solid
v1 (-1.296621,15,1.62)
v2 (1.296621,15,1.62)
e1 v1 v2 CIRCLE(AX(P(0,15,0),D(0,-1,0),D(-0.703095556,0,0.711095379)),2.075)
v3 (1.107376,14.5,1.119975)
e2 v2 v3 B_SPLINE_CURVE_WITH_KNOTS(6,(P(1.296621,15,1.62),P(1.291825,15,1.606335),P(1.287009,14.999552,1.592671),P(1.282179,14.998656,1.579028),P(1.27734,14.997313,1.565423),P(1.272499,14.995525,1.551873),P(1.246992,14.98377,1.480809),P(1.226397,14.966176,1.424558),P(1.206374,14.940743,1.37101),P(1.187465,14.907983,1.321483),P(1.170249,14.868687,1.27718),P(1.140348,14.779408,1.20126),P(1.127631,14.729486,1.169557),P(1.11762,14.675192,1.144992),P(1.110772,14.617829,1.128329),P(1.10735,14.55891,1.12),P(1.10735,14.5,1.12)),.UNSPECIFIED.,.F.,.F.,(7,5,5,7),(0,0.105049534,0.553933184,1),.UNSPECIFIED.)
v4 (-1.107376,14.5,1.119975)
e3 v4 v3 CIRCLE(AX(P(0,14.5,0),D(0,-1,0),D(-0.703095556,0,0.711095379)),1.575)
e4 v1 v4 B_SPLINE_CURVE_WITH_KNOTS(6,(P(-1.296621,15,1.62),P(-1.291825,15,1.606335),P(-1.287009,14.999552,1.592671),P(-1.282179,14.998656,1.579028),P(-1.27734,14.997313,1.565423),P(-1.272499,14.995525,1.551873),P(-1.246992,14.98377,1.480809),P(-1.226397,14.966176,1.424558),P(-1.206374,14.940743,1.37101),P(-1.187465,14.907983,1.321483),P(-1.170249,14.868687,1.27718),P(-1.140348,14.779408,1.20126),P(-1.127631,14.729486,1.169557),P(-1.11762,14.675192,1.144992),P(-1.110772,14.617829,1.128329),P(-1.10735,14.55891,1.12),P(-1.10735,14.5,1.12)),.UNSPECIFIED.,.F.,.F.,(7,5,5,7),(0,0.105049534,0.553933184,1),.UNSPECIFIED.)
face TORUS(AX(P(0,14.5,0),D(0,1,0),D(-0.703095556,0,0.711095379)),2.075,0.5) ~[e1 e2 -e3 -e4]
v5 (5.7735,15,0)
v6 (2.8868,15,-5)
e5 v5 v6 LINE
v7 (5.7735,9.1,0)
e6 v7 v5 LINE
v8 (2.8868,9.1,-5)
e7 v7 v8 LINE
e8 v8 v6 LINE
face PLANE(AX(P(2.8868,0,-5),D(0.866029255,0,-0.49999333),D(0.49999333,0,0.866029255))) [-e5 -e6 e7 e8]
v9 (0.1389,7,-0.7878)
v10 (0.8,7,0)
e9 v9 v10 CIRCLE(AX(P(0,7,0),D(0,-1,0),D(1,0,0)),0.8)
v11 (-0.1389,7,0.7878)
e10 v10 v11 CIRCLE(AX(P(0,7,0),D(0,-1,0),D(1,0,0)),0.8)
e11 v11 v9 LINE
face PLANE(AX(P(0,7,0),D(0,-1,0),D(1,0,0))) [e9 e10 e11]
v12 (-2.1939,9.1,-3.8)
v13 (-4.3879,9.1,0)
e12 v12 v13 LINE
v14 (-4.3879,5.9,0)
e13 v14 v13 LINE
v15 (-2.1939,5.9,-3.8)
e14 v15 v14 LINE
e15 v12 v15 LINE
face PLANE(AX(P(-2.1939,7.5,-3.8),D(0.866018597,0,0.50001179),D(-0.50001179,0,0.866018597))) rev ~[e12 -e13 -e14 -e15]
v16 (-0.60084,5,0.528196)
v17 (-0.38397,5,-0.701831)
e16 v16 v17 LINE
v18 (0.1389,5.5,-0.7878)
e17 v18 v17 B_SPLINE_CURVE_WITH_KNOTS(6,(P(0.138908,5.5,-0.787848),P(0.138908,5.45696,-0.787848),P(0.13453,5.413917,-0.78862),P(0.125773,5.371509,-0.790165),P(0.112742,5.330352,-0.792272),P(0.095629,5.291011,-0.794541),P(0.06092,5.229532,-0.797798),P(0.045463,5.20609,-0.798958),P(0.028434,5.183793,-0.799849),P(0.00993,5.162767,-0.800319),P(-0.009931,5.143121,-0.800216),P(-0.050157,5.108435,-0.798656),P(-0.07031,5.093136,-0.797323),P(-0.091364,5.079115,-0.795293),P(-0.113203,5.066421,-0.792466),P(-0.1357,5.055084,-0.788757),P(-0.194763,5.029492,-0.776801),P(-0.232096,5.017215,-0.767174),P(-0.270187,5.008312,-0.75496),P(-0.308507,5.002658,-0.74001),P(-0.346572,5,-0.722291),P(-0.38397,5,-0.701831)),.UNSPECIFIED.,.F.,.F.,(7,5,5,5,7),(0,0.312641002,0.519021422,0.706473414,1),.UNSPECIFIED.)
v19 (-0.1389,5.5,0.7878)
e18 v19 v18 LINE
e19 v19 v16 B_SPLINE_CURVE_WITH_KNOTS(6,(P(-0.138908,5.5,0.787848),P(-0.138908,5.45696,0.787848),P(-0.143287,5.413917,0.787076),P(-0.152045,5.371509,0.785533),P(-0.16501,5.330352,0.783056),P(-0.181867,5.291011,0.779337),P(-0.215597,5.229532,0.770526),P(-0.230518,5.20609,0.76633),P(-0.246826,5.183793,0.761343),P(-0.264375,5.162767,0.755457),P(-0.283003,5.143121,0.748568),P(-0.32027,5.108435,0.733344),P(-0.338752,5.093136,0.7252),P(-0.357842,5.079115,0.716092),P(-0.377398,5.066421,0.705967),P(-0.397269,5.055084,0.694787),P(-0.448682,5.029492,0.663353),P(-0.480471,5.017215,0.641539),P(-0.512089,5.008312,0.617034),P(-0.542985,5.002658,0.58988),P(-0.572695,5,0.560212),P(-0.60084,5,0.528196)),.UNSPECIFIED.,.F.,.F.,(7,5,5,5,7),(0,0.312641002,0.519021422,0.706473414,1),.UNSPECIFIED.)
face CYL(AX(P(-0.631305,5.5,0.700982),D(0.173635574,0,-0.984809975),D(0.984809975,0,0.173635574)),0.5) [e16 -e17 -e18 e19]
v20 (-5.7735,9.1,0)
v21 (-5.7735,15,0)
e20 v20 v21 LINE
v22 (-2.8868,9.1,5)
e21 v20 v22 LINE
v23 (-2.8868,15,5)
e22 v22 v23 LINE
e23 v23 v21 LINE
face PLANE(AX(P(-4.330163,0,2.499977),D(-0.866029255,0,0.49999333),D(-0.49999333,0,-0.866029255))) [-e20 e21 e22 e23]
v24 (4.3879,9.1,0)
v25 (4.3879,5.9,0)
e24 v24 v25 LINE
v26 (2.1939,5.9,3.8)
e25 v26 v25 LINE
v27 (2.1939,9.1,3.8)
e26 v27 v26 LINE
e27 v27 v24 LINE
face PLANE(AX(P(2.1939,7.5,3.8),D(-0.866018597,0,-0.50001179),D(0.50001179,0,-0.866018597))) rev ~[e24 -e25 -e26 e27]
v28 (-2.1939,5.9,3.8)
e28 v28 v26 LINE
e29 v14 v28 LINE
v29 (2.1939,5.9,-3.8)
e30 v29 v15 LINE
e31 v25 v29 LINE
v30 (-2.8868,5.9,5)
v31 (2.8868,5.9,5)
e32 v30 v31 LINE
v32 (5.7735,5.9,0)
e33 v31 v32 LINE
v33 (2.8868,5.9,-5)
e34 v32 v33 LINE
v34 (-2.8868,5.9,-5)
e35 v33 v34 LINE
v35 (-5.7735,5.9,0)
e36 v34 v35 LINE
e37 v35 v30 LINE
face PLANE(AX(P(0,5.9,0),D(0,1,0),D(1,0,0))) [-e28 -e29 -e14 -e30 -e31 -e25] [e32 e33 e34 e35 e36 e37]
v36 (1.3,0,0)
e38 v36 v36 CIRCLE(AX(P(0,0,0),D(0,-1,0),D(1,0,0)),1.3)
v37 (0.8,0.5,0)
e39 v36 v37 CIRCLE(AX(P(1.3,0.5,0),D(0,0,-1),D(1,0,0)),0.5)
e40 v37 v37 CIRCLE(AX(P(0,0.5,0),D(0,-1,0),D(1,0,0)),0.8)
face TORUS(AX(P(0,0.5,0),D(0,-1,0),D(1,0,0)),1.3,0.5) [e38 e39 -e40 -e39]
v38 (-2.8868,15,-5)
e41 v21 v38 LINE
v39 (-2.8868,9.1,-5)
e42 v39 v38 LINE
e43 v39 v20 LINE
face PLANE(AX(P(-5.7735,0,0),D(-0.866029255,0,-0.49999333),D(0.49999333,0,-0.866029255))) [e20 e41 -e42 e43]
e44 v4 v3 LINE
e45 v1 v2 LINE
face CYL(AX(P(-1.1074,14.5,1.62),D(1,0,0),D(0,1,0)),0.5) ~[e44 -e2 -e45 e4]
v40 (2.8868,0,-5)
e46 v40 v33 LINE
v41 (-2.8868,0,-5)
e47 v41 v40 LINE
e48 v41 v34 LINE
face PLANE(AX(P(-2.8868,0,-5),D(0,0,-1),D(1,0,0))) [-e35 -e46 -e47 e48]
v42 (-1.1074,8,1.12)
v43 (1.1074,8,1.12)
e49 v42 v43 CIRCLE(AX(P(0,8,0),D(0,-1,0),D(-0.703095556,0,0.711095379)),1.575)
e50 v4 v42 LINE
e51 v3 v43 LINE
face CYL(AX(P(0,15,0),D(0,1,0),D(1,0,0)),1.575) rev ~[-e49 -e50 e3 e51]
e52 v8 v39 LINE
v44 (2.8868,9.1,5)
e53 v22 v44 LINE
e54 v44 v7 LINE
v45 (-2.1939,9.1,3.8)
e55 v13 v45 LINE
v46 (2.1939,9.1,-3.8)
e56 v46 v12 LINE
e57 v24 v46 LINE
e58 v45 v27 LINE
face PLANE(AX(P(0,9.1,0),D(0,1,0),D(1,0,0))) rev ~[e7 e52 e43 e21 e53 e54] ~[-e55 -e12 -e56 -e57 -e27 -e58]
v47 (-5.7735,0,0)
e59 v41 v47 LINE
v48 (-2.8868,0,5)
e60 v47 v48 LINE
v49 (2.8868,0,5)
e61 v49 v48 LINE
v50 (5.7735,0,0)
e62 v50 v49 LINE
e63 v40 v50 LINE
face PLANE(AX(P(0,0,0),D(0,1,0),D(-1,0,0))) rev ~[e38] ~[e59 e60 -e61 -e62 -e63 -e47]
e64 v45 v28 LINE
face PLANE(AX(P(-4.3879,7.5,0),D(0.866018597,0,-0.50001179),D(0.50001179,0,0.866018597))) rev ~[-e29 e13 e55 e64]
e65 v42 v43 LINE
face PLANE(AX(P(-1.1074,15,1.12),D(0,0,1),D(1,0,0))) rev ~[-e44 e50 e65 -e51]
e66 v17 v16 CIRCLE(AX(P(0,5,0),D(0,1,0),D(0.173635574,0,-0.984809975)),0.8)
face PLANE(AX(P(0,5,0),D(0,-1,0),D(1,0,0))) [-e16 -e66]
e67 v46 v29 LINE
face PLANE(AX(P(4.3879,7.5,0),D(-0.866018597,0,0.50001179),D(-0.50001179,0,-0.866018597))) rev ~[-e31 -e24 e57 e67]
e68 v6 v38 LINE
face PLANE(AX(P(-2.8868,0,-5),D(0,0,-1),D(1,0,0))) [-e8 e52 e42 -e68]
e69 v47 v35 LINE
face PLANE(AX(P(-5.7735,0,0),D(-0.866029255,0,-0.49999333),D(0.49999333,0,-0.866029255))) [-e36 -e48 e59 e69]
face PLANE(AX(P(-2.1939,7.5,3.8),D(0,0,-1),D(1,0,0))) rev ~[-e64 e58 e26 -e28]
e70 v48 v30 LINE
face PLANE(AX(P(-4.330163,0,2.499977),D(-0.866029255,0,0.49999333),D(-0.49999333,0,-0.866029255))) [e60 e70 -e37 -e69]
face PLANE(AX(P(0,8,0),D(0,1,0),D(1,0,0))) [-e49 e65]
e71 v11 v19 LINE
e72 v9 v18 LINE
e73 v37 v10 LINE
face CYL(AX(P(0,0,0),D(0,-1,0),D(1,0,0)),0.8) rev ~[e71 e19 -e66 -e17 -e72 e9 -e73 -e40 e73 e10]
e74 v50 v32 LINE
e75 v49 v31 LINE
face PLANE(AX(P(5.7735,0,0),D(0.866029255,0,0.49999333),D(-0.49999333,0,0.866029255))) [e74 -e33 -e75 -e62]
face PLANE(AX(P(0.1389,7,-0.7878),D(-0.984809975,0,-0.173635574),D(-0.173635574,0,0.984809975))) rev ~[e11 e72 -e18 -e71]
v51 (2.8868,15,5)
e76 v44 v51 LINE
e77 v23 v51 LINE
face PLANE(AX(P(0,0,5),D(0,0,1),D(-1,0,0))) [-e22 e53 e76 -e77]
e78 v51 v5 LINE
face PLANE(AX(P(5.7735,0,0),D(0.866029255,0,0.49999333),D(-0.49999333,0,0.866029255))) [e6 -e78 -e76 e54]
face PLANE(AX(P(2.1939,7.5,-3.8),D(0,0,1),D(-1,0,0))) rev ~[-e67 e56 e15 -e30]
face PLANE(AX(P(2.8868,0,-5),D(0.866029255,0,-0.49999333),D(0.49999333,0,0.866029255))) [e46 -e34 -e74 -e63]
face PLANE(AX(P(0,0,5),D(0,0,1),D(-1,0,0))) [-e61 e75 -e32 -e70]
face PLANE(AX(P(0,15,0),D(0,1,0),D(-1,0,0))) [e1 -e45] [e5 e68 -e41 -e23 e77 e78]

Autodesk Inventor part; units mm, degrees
ref_plane "YZ Plane" through (0, 0, 0) normal (1, 0, 0) x (0, 1, 0)
ref_plane "XZ Plane" through (0, 0, 0) normal (0, 1, 0) x (-1, 0, 0)
sketch "Boceto1" plane through (0, 0, 0) normal (0, 1, 0) x (-1, 0, 0)
  line L0 (5.7735, 0) -> (2.8868, -5)
  line L1 (2.8868, -5) -> (-2.8868, -5)
  line L2 (-2.8868, -5) -> (-5.7735, 0)
  line L3 (-5.7735, 0) -> (-2.8868, 5)
  line L4 (-2.8868, 5) -> (2.8868, 5)
  line L5 (2.8868, 5) -> (5.7735, 0)
  circle A0 centre (0, 0) radius 5
  dimension "d0" = 10
extrude "Extrusión1" add sketch "Boceto1" along normal blind 15
sketch "Boceto2" plane through (0, 15, 0) normal (0, 1, 0) x (1, 0, 0)
  circle A0 centre (0, 0) radius 1.575
  line L0 (-1.1074, -1.12) -> (1.1074, -1.12)
  dimension "d3" = 3.15
  dimension "d6" = 1.12
extrude "Extrusión2" cut sketch "Boceto2" against normal blind 7 contours A0 L0 picked at (0.4242, -0.1216)
sketch "Boceto3" plane through (0, 0, 0) normal (0, -1, 0) x (1, 0, 0)
  circle A0 centre (0, 0) radius 0.8
  dimension "d7" = 1.6
extrude "Extrusión3" cut sketch "Boceto3" against normal blind 7
sketch "Boceto4" plane through (0, 7, 0) normal (0, -1, 0) x (1, 0, 0)
  circle A0 centre (0, 0) radius 0.8 projected
  line L0 (0.1389, -0.7878) -> (-0.1389, 0.7878)
  circle A1 centre (0, 0) radius 0.8 projected
  line L1 (0.8, 0) -> (-0.8, 0)
  line L2 (-0.0393, 0.799) -> (0.2363, -0.7643)
  line L3 (0.0894, -0.795) -> (-0.1879, 0.7776)
  point P0 (0.0894, -0.795)
  point P1 (-0.1879, 0.7776)
  dimension "d16" = 80
  dimension "d17" = 0.1
  dimension "d18" = 0.05
extrude "Extrusión4" add sketch "Boceto4" along normal blind 2 contours L0 L1 L3 A0 | A0 L3 L1 L0 | L3 L1 A0 | A0 L1 L3
ref_plane "Plano de trabajo1" through (0, 7.5, 0) normal (0, 1, 0) x (1, 0, 0)
sketch "Boceto5" plane through (0, 7.5, 0) normal (0, 1, 0) x (1, 0, 0)
  circle A0 centre (0, 0) radius 0.8 projected
  line L0 (5.7735, 0) -> (2.8868, 5) projected
  line L1 (2.8868, -5) -> (5.7735, 0) projected
  line L2 (-2.8868, -5) -> (2.8868, -5) projected
  line L3 (-5.7735, 0) -> (-2.8868, -5) projected
  line L4 (-2.8868, 5) -> (-5.7735, 0) projected
  line L5 (2.8868, 5) -> (-2.8868, 5) projected
  line L6 (-4.3879, 0) -> (-2.1939, -3.8)
  line L7 (-2.1939, -3.8) -> (2.1939, -3.8)
  line L8 (2.1939, -3.8) -> (4.3879, 0)
  line L9 (4.3879, 0) -> (2.1939, 3.8)
  line L10 (2.1939, 3.8) -> (-2.1939, 3.8)
  line L11 (-2.1939, 3.8) -> (-4.3879, 0)
  arc A1 (-0.1389, -0.7878) -> (0.1389, 0.7878) centre (0, 0) ccw projected
  circle A2 centre (0, 0) radius 6.7948
  point P0 (-0.1792, -0.7283)
  point P1 (0.0807, 0.7456)
  dimension "d13" = 1.2
extrude "Extrusión5" cut sketch "Boceto5" along normal mid plane 3.2 contours L1 L2 L3 L4 L5 L0
fillet "Empalme2" radius 0.5 3 edges at (-0.8, 0, 0) (0, 15, -1.575) (0, 15, 1.12)
fillet "Empalme3" radius 0.5 1 edges at (0, 5, 0)
properties part number "Couple"
